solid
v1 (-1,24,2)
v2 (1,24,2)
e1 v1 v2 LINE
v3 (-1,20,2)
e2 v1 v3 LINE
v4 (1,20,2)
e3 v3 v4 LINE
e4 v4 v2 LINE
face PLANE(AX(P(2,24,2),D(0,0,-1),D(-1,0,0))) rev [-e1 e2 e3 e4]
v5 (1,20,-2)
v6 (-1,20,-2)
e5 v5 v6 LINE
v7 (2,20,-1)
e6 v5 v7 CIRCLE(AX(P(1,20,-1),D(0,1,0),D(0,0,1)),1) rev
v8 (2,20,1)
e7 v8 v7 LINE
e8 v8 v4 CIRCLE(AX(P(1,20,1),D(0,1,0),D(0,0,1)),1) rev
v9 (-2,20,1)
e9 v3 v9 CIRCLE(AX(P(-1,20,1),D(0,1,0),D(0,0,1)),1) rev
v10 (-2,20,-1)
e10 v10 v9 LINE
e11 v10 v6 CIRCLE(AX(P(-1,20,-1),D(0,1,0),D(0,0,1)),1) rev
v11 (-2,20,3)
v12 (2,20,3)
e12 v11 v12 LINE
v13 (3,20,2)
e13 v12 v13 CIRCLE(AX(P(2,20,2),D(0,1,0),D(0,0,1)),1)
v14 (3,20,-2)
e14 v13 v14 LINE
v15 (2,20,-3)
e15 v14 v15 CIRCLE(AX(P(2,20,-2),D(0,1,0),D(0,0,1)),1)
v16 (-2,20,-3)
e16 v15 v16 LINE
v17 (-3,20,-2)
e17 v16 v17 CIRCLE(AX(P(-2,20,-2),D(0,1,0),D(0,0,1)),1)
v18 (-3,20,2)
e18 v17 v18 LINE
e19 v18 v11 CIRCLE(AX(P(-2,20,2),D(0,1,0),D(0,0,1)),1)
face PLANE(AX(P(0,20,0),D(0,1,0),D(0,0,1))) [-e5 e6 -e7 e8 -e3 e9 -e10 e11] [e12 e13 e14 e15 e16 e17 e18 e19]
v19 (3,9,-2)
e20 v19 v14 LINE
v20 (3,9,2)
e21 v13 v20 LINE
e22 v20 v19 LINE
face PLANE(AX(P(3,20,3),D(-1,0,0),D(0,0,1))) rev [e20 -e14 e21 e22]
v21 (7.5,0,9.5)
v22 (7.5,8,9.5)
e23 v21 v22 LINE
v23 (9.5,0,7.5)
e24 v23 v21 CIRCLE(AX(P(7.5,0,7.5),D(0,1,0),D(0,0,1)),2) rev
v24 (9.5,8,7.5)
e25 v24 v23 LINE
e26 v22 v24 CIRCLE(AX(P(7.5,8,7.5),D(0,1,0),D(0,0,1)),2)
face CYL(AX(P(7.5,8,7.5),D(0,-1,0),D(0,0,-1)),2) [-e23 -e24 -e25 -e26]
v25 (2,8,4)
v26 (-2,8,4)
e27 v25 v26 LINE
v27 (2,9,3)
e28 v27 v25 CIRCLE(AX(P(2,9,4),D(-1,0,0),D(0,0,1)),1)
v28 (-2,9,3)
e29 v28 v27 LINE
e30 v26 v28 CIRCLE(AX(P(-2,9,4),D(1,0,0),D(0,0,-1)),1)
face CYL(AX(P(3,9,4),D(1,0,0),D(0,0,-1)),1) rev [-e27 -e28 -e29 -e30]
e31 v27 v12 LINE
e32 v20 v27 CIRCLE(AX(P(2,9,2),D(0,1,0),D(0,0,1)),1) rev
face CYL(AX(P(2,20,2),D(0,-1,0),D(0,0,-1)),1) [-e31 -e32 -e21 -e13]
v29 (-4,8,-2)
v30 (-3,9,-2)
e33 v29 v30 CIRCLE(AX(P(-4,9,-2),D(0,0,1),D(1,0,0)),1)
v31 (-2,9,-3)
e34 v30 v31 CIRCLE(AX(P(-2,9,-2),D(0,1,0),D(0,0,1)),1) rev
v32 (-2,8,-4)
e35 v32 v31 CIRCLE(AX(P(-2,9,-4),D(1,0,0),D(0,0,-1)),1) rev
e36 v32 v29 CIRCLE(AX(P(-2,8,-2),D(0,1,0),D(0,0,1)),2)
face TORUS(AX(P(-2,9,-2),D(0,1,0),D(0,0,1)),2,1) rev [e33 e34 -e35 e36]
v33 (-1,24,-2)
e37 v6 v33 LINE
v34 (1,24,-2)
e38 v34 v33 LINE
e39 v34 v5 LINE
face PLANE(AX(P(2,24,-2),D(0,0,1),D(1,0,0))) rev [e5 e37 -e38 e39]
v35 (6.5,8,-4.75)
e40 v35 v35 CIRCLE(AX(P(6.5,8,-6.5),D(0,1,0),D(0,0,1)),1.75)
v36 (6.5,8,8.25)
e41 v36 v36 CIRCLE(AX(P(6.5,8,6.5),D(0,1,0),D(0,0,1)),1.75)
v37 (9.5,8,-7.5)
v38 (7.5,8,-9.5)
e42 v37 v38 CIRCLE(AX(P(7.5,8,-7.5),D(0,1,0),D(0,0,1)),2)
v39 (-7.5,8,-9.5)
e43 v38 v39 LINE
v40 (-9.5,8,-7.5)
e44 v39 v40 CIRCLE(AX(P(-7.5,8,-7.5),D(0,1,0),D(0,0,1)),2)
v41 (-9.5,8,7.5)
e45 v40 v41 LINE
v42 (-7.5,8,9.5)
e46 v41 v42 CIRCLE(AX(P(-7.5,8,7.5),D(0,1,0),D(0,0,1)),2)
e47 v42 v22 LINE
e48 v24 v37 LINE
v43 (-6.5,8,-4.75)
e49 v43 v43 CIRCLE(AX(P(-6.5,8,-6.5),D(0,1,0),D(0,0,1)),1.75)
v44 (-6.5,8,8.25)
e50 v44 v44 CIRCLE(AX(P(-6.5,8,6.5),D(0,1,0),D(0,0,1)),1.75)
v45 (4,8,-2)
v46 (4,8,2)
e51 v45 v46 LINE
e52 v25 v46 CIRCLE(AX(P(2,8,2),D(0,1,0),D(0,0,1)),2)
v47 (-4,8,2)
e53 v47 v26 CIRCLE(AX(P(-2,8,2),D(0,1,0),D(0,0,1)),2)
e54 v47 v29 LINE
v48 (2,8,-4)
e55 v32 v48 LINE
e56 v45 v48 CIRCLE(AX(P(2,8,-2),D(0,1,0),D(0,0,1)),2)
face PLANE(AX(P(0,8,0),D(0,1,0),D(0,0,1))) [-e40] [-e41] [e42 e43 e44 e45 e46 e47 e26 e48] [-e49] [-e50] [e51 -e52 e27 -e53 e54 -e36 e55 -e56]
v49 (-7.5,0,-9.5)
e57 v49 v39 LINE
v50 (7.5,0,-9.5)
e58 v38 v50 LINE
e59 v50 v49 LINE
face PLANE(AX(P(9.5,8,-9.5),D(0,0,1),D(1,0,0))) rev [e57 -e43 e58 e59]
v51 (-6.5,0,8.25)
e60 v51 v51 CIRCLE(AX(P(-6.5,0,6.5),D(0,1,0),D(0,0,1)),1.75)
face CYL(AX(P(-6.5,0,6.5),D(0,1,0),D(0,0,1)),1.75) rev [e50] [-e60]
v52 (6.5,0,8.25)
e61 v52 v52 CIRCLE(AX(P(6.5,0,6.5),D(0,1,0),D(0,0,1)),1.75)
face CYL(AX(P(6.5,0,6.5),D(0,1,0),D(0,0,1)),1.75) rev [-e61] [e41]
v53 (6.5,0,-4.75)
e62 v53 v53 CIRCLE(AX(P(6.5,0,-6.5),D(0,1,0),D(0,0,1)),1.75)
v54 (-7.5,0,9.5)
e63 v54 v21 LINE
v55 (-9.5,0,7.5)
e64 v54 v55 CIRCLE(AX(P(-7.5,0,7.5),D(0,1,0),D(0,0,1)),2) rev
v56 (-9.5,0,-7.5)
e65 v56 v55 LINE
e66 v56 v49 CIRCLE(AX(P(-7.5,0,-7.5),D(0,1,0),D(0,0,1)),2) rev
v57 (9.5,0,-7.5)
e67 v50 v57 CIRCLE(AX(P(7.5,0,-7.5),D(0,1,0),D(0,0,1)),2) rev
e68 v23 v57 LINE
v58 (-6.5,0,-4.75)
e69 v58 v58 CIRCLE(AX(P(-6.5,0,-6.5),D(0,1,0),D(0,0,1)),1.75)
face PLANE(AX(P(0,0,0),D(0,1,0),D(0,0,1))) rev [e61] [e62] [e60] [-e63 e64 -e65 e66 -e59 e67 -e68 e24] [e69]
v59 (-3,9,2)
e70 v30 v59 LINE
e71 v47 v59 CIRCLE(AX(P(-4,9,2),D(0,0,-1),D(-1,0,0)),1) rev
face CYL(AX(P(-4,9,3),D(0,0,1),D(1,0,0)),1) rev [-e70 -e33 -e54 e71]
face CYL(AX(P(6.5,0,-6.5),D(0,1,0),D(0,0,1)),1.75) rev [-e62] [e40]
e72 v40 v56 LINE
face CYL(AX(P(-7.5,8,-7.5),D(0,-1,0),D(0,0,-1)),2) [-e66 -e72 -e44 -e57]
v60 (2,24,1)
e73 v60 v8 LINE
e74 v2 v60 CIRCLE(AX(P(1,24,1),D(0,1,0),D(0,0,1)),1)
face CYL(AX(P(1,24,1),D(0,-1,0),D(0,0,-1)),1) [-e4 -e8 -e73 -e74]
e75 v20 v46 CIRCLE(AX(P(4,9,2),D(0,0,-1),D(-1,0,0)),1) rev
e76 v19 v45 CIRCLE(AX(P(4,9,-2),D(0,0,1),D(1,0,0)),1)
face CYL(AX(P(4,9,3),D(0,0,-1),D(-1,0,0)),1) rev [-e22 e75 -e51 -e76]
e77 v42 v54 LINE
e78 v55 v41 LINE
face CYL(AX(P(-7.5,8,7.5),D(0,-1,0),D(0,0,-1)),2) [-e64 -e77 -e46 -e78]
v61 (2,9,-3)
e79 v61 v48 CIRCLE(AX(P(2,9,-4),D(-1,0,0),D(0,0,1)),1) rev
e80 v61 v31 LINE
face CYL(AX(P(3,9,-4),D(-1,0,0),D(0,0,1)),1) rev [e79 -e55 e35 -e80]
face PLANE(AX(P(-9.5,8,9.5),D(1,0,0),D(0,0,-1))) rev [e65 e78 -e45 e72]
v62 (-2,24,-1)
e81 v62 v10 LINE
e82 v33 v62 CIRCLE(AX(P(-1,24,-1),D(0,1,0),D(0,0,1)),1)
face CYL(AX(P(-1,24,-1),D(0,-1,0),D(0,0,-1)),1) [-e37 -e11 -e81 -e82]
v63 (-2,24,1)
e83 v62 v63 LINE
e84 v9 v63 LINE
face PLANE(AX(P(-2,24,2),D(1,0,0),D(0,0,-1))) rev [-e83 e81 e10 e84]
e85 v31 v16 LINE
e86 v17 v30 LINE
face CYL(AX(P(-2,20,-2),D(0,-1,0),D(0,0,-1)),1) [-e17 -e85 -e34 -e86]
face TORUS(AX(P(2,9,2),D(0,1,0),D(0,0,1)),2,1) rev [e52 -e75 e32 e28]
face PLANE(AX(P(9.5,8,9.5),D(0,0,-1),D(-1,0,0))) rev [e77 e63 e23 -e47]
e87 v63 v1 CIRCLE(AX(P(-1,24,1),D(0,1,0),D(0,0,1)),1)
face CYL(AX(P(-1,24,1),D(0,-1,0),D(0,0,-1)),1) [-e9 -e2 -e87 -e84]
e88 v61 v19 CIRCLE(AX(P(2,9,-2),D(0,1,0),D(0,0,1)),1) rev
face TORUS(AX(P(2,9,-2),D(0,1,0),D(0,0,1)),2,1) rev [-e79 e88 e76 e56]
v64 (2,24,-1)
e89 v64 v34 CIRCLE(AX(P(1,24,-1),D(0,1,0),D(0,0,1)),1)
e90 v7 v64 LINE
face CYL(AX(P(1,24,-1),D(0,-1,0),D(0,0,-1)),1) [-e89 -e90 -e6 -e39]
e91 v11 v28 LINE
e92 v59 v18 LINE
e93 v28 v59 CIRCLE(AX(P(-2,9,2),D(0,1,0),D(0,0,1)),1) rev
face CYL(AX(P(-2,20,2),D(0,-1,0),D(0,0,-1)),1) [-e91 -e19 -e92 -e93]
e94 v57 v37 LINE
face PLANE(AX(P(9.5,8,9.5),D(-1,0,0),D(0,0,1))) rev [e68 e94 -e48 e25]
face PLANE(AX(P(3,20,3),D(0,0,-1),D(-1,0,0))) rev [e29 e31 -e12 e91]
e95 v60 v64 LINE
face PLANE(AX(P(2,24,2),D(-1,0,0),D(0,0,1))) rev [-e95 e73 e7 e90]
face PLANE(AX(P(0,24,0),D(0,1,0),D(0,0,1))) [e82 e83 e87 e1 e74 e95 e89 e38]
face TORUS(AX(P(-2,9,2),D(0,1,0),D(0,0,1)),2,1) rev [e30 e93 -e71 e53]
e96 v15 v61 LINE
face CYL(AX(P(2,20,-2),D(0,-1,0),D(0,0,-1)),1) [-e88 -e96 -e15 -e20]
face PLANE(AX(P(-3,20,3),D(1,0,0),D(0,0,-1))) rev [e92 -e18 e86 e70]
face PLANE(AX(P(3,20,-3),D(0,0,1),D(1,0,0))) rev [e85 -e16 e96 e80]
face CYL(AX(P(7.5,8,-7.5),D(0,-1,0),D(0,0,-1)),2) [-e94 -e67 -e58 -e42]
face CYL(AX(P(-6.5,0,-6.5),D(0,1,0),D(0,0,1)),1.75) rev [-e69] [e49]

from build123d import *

# Parameters (mm, degrees)
SKETCH1_W           = 19
SKETCH1_H           = 19
BOSS_EXTRUDE1_DEPTH = 8
SKETCH2_R           = 1.75
CUT_EXTRUDE1_DEPTH  = 16.636495771
SKETCH3_W           = 6
SKETCH3_H           = 6
BOSS_EXTRUDE2_DEPTH = 12
FILLET1_R           = 2
SKETCH5_W           = 4
SKETCH5_H           = 4
BOSS_EXTRUDE4_DEPTH = 4
FILLET3_R           = 1


with BuildPart() as part:
    # Sketch1 → Boss-Extrude1 (new body)
    with BuildSketch(Plane(origin=(0, 0, 0), x_dir=(1, 0, 0), z_dir=(0, 1, 0))):
        Rectangle(SKETCH1_W, SKETCH1_H)
    extrude(amount=BOSS_EXTRUDE1_DEPTH)

    # Sketch2 → Cut-Extrude1 (cut, through all)
    with BuildSketch(Plane(origin=(0, 8, 0), x_dir=(1, 0, 0), z_dir=(0, 1, 0))):
        with Locations(Location((-6.5, 6.5, 0), (0, 0, 270))):
            Circle(SKETCH2_R)
        with Locations(Location((6.5, 6.5, 0), (0, 0, 270))):
            Circle(SKETCH2_R)
        with Locations(Location((-6.5, -6.5, 0), (0, 0, 270))):
            Circle(SKETCH2_R)
        with Locations(Location((6.5, -6.5, 0), (0, 0, 270))):
            Circle(SKETCH2_R)
    extrude(amount=-CUT_EXTRUDE1_DEPTH, mode=Mode.SUBTRACT)

    # Sketch3 → Boss-Extrude2 (add)
    with BuildSketch(Plane(origin=(0, 8, 0), x_dir=(1, 0, 0), z_dir=(0, 1, 0))):
        Rectangle(SKETCH3_W, SKETCH3_H)
    extrude(amount=BOSS_EXTRUDE2_DEPTH)

    # Fillet1
    fillet1_edges = [part.edges().sort_by_distance(p)[0] for p in [
        (-9.5, 4, -9.5),
        (9.5, 4, -9.5),
        (9.5, 4, 9.5),
        (-9.5, 4, 9.5),
    ]]
    fillet(fillet1_edges, radius=FILLET1_R)

    # Sketch5 → Boss-Extrude4 (add)
    with BuildSketch(Plane(origin=(0, 20, 0), x_dir=(1, 0, 0), z_dir=(0, 1, 0))):
        Rectangle(SKETCH5_W, SKETCH5_H)
    extrude(amount=BOSS_EXTRUDE4_DEPTH)

    # Fillet3
    fillet3_edges = [part.edges().sort_by_distance(p)[0] for p in [
        (-3, 8, 0),
        (-3, 14, -3),
        (0, 8, 3),
        (-3, 14, 3),
        (3, 8, 0),
        (3, 14, 3),
        (0, 8, -3),
        (3, 14, -3),
        (-2, 22, -2),
        (-2, 22, 2),
        (2, 22, 2),
        (2, 22, -2),
    ]]
    fillet(fillet3_edges, radius=FILLET3_R)


solid = part.part
